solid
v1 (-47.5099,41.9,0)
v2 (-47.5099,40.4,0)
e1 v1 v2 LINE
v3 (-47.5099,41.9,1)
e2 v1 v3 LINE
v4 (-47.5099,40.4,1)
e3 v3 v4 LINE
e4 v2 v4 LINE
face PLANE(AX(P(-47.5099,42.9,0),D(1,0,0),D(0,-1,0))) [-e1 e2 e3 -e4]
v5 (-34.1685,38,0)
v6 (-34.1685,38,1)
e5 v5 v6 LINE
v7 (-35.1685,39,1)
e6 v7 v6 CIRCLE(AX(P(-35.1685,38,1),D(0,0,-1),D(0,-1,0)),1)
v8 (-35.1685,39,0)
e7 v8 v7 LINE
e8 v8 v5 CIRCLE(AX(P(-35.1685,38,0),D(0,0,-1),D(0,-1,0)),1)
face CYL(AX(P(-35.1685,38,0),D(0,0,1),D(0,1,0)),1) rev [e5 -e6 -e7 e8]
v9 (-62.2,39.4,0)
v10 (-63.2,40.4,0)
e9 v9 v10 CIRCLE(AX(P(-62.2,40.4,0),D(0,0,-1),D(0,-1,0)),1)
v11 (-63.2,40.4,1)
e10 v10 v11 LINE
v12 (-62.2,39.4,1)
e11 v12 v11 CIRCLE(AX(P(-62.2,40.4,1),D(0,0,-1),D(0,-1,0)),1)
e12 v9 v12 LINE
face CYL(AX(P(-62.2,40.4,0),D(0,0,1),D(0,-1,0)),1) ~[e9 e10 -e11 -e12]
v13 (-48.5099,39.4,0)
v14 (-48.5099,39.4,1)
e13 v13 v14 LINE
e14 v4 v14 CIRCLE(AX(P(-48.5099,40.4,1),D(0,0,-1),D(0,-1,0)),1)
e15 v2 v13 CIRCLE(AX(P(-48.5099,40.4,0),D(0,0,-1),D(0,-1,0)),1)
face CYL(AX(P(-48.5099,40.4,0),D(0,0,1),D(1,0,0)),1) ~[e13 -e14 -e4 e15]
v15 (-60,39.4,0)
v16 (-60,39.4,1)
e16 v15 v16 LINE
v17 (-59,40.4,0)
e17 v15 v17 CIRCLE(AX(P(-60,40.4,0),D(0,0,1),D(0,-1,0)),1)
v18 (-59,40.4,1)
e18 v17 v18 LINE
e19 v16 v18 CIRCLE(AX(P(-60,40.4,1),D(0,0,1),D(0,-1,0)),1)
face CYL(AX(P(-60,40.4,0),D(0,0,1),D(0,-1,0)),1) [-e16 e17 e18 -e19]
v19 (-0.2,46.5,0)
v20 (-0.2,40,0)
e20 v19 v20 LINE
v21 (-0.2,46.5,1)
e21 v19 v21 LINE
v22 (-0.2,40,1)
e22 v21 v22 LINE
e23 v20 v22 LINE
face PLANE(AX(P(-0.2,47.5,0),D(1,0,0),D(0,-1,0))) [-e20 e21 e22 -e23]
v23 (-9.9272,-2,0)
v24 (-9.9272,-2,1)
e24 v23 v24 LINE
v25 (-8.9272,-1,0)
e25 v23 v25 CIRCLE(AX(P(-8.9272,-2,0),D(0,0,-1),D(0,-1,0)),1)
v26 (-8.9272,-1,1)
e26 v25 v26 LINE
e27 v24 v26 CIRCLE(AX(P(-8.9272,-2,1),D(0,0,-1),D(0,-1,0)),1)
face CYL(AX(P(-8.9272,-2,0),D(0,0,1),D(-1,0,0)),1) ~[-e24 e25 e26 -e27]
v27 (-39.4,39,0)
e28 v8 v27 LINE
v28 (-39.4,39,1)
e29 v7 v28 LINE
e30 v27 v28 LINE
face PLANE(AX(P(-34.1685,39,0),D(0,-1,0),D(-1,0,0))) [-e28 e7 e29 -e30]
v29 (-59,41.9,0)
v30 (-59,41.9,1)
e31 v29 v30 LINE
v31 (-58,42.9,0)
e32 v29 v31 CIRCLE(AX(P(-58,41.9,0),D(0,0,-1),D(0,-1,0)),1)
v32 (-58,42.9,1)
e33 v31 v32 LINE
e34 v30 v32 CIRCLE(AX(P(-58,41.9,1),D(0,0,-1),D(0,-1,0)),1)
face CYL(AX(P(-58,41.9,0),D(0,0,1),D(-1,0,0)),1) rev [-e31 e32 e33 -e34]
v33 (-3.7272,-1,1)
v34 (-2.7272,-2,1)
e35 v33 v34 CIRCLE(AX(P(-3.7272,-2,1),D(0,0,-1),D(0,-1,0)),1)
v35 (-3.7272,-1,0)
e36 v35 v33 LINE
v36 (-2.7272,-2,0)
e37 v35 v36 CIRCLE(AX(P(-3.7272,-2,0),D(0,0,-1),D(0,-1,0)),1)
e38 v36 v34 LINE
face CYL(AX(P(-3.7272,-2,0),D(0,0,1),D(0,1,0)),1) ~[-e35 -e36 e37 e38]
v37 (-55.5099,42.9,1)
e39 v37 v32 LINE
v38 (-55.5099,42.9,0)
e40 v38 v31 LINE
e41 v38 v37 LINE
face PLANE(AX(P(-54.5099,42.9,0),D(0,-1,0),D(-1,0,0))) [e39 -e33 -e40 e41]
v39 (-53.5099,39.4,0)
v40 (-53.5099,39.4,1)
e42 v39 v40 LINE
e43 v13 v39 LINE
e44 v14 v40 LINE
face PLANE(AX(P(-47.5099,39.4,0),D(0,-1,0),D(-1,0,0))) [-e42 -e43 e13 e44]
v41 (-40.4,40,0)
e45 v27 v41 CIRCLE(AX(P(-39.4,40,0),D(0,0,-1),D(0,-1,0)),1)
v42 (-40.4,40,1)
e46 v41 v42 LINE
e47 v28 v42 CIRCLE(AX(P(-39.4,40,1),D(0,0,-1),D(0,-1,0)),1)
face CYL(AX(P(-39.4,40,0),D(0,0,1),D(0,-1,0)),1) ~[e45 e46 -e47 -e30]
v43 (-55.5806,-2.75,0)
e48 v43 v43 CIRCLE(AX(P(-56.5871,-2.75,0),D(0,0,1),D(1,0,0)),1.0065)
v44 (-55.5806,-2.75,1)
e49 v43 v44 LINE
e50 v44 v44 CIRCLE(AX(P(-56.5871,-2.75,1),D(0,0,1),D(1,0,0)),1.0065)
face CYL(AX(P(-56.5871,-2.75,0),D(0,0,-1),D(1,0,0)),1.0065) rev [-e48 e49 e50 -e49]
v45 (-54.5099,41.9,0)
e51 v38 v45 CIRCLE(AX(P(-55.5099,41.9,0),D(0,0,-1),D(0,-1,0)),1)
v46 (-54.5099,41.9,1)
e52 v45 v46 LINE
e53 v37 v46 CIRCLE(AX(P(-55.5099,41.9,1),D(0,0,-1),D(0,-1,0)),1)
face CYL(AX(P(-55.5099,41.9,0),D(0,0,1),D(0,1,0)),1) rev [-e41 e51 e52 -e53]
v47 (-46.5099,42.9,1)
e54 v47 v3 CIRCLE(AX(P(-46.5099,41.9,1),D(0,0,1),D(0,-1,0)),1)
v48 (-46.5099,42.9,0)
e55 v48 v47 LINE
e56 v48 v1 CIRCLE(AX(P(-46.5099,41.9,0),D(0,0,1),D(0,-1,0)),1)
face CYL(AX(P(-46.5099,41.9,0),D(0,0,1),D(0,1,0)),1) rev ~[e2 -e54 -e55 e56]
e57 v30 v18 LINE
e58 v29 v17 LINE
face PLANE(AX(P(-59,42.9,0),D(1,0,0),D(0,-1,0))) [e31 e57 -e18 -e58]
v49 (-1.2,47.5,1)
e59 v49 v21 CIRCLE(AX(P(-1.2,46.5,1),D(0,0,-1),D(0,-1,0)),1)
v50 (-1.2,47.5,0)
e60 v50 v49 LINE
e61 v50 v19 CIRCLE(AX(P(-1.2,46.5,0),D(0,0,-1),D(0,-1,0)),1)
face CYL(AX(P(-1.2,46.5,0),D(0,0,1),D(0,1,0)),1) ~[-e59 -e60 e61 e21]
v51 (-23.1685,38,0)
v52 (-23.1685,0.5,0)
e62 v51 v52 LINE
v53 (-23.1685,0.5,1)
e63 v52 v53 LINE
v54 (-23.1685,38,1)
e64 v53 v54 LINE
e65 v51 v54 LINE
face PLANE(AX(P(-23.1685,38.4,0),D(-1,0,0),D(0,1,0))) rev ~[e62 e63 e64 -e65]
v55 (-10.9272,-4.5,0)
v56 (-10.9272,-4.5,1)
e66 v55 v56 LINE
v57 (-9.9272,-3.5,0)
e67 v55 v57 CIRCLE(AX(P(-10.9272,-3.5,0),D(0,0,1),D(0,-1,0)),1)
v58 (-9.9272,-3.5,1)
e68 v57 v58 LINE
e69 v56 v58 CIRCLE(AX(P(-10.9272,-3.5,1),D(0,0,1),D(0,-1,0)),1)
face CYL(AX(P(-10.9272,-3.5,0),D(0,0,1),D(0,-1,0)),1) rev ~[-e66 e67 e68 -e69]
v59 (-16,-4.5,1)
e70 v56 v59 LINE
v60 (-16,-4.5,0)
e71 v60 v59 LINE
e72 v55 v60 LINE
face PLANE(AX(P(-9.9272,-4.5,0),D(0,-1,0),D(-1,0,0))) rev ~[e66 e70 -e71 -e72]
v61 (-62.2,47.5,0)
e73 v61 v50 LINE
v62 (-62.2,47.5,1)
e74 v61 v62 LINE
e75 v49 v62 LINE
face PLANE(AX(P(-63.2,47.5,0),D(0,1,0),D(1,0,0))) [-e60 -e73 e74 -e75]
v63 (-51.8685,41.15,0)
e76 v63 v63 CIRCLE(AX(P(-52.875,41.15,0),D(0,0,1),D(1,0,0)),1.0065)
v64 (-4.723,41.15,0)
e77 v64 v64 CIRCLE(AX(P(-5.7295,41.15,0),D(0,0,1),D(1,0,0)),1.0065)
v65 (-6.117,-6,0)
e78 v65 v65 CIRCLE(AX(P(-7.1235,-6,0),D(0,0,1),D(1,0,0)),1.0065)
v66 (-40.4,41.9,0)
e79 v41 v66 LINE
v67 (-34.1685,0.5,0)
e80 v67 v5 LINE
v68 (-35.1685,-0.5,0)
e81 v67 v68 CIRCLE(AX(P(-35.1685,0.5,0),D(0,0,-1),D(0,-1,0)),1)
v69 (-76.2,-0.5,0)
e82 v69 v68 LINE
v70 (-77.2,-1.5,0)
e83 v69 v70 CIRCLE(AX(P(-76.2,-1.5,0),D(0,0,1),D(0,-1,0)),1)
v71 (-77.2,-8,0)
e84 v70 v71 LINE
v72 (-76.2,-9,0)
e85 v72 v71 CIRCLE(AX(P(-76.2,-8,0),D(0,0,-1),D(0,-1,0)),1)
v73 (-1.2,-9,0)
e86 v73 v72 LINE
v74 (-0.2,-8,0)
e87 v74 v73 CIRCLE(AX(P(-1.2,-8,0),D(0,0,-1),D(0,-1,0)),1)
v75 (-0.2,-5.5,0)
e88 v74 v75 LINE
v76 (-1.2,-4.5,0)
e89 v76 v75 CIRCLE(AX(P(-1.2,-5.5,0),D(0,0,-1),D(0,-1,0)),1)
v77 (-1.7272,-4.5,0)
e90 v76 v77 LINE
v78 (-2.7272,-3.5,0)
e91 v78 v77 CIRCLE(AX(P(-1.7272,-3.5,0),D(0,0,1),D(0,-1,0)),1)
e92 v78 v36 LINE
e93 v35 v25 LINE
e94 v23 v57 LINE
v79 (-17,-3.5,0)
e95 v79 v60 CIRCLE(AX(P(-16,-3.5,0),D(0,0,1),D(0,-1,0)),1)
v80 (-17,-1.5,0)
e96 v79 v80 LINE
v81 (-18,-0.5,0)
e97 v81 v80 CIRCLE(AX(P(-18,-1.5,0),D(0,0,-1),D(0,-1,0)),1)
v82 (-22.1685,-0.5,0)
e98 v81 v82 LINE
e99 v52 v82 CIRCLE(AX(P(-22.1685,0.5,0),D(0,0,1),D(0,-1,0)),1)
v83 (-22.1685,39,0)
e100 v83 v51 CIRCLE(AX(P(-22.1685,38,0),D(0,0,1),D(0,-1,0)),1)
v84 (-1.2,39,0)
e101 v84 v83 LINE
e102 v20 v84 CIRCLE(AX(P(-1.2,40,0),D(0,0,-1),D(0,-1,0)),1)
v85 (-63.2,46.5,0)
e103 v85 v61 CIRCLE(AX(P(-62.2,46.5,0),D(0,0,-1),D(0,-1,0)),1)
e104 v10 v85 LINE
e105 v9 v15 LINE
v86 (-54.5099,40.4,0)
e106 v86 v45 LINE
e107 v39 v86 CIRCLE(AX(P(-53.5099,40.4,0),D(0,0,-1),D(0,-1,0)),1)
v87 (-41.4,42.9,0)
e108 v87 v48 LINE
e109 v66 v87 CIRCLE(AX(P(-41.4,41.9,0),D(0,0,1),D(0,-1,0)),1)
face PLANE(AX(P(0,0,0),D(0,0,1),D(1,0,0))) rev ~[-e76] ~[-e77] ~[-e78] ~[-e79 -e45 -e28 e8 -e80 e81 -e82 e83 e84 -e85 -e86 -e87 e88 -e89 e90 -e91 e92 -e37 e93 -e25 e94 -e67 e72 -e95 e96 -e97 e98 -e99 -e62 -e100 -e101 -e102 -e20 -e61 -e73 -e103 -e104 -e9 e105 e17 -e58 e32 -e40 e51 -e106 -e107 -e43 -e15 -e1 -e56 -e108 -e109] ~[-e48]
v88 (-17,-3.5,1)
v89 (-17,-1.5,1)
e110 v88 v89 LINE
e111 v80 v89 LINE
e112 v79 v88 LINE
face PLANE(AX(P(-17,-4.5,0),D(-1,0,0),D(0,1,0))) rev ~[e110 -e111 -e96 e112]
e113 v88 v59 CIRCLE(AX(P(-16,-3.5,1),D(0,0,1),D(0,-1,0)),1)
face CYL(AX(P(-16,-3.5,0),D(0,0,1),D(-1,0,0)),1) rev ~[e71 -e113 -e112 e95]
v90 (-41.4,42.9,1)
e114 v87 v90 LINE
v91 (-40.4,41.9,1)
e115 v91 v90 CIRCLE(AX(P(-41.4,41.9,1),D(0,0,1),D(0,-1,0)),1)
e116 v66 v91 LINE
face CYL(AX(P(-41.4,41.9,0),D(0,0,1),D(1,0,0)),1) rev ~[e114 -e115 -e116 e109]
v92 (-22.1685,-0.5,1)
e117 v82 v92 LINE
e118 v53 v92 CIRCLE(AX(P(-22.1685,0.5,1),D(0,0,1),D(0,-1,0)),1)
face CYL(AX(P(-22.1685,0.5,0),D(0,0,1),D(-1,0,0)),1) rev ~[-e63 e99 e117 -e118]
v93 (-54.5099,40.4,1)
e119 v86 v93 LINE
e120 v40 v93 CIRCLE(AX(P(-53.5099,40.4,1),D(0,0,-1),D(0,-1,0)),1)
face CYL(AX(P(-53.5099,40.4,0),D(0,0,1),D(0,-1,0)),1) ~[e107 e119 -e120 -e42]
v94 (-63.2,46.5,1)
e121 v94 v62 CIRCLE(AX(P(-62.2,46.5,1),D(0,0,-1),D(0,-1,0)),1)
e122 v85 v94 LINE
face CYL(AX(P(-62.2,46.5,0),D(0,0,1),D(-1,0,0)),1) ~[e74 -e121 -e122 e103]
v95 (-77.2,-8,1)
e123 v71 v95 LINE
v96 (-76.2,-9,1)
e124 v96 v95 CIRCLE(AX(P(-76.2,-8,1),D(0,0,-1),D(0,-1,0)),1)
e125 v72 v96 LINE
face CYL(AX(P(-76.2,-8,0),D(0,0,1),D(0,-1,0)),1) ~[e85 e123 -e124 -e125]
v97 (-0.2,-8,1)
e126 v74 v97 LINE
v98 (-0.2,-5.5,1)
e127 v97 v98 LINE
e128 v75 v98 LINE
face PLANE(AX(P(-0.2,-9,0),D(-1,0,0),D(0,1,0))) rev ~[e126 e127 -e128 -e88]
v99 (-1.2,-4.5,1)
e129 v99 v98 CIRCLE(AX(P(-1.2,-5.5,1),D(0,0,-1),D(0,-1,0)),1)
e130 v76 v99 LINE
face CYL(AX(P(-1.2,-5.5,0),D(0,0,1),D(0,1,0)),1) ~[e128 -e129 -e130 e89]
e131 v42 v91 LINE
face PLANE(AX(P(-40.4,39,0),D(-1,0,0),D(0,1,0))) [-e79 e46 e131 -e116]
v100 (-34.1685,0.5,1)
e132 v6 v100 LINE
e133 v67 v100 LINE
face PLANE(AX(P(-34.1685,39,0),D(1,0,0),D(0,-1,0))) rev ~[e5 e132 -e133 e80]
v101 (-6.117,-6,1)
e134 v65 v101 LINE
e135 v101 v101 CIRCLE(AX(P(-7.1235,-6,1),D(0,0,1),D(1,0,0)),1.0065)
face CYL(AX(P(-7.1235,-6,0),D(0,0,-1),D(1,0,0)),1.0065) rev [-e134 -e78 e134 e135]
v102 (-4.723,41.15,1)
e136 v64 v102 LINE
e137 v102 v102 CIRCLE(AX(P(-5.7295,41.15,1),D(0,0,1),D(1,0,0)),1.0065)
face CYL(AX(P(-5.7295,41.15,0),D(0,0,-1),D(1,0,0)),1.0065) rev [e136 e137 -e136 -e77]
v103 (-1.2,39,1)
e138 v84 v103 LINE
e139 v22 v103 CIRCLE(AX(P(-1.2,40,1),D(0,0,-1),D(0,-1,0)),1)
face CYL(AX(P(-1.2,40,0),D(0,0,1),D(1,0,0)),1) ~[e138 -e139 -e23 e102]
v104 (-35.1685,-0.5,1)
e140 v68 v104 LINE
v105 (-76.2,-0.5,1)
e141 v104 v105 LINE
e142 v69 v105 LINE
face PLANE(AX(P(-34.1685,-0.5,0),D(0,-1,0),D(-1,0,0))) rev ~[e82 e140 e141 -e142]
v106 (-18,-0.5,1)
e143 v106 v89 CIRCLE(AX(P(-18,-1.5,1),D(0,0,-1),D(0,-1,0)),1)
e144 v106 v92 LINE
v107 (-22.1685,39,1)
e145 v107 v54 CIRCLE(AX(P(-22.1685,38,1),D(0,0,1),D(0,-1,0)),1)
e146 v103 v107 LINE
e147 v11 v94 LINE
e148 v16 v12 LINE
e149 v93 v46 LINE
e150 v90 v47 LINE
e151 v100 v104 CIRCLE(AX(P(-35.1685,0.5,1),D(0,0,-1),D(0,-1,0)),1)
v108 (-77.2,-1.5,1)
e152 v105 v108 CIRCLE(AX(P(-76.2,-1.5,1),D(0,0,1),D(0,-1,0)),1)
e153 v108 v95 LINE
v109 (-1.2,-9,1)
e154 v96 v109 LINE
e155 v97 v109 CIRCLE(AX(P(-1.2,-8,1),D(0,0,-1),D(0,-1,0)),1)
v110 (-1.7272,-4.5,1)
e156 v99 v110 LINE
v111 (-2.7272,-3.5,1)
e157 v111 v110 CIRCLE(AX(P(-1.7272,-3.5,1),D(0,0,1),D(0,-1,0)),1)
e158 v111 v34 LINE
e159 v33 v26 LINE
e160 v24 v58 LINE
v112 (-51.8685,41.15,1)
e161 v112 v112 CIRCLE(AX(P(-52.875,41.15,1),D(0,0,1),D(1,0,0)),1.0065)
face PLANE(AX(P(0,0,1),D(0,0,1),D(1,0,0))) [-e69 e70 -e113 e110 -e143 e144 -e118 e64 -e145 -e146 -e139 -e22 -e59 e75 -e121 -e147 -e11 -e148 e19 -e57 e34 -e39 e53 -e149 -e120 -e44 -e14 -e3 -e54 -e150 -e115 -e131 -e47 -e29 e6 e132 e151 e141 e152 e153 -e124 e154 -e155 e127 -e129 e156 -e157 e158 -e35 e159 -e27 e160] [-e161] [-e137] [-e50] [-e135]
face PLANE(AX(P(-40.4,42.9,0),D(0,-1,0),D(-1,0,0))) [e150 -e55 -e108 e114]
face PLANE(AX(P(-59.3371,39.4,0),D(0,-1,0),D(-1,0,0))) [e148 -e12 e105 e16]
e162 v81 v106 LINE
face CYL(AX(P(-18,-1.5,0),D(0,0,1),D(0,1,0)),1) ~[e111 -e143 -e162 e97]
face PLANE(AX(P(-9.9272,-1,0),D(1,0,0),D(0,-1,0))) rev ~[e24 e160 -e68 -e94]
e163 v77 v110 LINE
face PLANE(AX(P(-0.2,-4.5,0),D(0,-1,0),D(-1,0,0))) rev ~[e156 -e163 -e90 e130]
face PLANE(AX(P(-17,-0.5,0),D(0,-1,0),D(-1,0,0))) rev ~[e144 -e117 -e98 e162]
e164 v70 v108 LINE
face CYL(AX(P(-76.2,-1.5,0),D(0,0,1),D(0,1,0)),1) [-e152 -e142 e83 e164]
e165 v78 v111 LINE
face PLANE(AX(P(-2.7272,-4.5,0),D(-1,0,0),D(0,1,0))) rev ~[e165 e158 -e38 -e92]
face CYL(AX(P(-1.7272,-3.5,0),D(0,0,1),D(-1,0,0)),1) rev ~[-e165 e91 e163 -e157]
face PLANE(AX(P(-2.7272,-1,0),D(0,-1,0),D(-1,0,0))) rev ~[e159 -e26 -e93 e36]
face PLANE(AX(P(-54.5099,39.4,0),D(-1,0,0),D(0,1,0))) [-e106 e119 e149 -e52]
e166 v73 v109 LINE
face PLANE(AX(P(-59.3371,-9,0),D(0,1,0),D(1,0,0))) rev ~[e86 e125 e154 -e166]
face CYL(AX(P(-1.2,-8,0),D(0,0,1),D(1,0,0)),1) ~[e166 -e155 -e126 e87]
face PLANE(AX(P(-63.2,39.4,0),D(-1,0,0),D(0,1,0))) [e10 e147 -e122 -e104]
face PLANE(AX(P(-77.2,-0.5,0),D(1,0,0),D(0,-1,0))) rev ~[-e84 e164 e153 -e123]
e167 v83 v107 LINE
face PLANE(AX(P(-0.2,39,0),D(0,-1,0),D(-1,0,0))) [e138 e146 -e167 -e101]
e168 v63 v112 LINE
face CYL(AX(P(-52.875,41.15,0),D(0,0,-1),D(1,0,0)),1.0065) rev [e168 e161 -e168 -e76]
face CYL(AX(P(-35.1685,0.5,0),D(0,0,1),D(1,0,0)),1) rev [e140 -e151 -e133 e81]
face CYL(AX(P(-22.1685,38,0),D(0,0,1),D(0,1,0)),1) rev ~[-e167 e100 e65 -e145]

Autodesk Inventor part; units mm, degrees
ref_plane "YZ Plane" through (0, 0, 0) normal (1, 0, 0) x (0, 1, 0)
ref_plane "XZ Plane" through (0, 0, 0) normal (0, 1, 0) x (-1, 0, 0)
ref_plane "XY Plane" through (0, 0, 0) normal (0, 0, 1) x (1, 0, 0)
sketch "Sketch1" plane through (0, 0, 0) normal (0, 0, 1) x (1, 0, 0)
  circle A0 centre (-5.7295, 41.15) radius 1.0065 projected
  circle A1 centre (-52.875, 41.15) radius 1.0065 projected
  line L0 (-57.9354, 38.4) -> (-57.9354, 42.4) projected
  line L1 (-57.9354, 42.4) -> (-55.625, 42.4) projected
  line L2 (-55.625, 42.4) -> (-55.625, 38.4) projected
  line L3 (-55.625, 38.4) -> (-46.3947, 38.4) projected
  line L4 (-46.3947, 38.4) -> (-46.3947, 42.4) projected
  line L5 (-46.3947, 42.4) -> (-41.4006, 42.4) projected
  line L6 (-41.4006, 42.4) -> (-41.4006, 38.4) projected
  line L7 (-41.4006, 38.4) -> (0, 38.4) projected
  line L8 (0, 38.4) -> (0, 47.7) projected
  line L9 (0, 47.7) -> (-59.3371, 47.7) projected
  line L10 (-59.3371, 38.4) -> (-59.3371, 47.7) projected
  line L11 (-59.3371, 38.4) -> (-57.9354, 38.4) projected
  circle A2 centre (-56.5871, -2.75) radius 1.0065 projected
  circle A3 centre (-7.1235, -6) radius 1.0065 projected
  line L12 (-15.9365, -4) -> (-15.9365, 0) projected
  line L13 (-59.3371, 0) -> (-15.9365, 0) projected
  line L14 (-59.3371, 0) -> (-59.3371, -9.3) projected
  line L15 (-59.3371, -9.3) -> (0, -9.3) projected
  line L16 (0, -4) -> (0, -9.3) projected
  line L17 (0, -4) -> (-1.712, -4) projected
  line L18 (-1.712, -4) -> (-1.712, 0) projected
  line L19 (-10.9424, 0) -> (-1.712, 0) projected
  line L20 (-10.9424, 0) -> (-10.9424, -4) projected
  line L21 (-10.9424, -4) -> (-15.9365, -4) projected
  line L22 (-77.2, -9) -> (-65.2, -9)
  line L23 (-65.2, -9) -> (-65.2, 11)
  line L24 (-65.2, 11) -> (-77.2, 11)
  line L25 (-77.2, 11) -> (-77.2, -9)
  line L26 (-77.2, -9) -> (-0.2, -9)
  line L27 (-0.2, -9) -> (-0.2, -4.5)
  line L28 (-0.2, -4.5) -> (-2.7272, -4.5)
  line L29 (-2.7272, -4.5) -> (-2.7272, -1)
  line L30 (-2.7272, -1) -> (-9.9272, -1)
  line L31 (-9.9272, -1) -> (-9.9272, -4.5)
  line L32 (-9.9272, -4.5) -> (-17, -4.5)
  line L33 (-17, -4.5) -> (-17, -0.5)
  line L34 (-17, -0.5) -> (-77.2, -0.5)
  line L35 (-61.3371, -12.3) -> (-59.4157, -12.3) projected
  line L36 (-59.4157, -12.3) -> (-59.3371, -12.3) projected
  line L37 (-59.3371, 0) -> (-59.3371, -12.3) projected
  line L38 (-59.3371, 0) -> (-63.3371, 0) projected
  line L39 (-63.3371, 0) -> (-63.3371, -6.8) projected
  line L40 (-63.3371, -6.8) -> (-63.3371, -14.3) projected
  arc A4 (-61.3371, -12.3) -> (-63.3371, -14.3) centre (-61.3371, -14.3) ccw projected
  line L41 (-59.3371, 50.7) -> (-59.4157, 50.7) projected
  line L42 (-59.4157, 50.7) -> (-61.3371, 50.7) projected
  arc A5 (-63.3371, 52.7) -> (-61.3371, 50.7) centre (-61.3371, 52.7) ccw projected
  line L43 (-63.3371, 44.7) -> (-63.3371, 52.7) projected
  line L44 (-63.3371, 38.4) -> (-63.3371, 44.7) projected
  line L45 (-63.3371, 38.4) -> (-59.3371, 38.4) projected
  line L46 (-59.3371, 38.4) -> (-59.3371, 50.7) projected
  line L47 (-63.2, 47.5) -> (-0.2, 47.5)
  line L48 (-0.2, 47.5) -> (-0.2, 39)
  line L49 (-63.2, 39.4) -> (-63.2, 47.5)
  line L50 (6.5, 33.15) -> (-22.9, 33.15) projected
  line L51 (-34.4371, 33.15) -> (-63.8371, 33.15) projected
  line L52 (-34.4371, 5.25) -> (-63.8371, 5.25) projected
  line L53 (6.5, 5.25) -> (-22.9, 5.25) projected
  line L54 (-0.2, 39) -> (-40.4, 39)
  line L55 (-40.4, 39) -> (-40.4, 42.9)
  line L56 (-40.4, 42.9) -> (-47.5099, 42.9)
  line L57 (-47.5099, 42.9) -> (-47.5099, 39.4)
  line L58 (-47.5099, 39.4) -> (-54.5099, 39.4)
  line L59 (-54.5099, 39.4) -> (-54.5099, 42.9)
  line L60 (-54.5099, 42.9) -> (-59, 42.9)
  line L61 (-59, 42.9) -> (-59, 39.4)
  line L62 (-59, 39.4) -> (-63.2, 39.4)
  line L63 (-23.1685, -0.5) -> (-23.1685, 7.5)
  line L64 (-23.1685, 7.5) -> (-23.1685, 7.5)
  line L65 (-23.1685, 7.5) -> (-23.1685, 32.15)
  line L66 (-23.1685, 32.15) -> (-23.1685, 32.15)
  line L67 (-23.1685, 32.15) -> (-23.1685, 39)
  line L68 (-34.1685, 39) -> (-34.1685, 31)
  line L69 (-34.1685, 31) -> (-34.1685, 31)
  line L70 (-34.1685, 31) -> (-34.1685, -0.5)
  point P0 (0, 0)
  point P1 (-23.1685, 38.4)
  point P2 (-34.1685, 38.4)
  dimension "d0" = 12
  dimension "d1" = 20
  dimension "d3" = 0.3
  dimension "d4" = 8.5
  dimension "d5" = 0.5
  dimension "d6" = 4.5
  dimension "d7" = 0.5
  dimension "d8" = 8
  dimension "d9" = 1
  dimension "d10" = 7.2
  dimension "d11" = 1.0152
  dimension "d12" = 1.0152
  dimension "d14" = 0.2
  dimension "d15" = 77
  dimension "d16" = 60.2
  dimension "d17" = 1.0635
  dimension "d18" = 0.2
  dimension "d19" = 0.2
  dimension "d21" = 63
  dimension "d23" = 8.5
  dimension "d24" = 1
  dimension "d25" = 0.5
  dimension "d27" = 4.2
  dimension "d28" = 1.0646
  dimension "d29" = 1.1152
  dimension "d30" = 1.1152
  dimension "d31" = 7
  dimension "d32" = 8.1
  dimension "d33" = 1.0006
  dimension "d34" = 40.2
  dimension "d35" = 8
  dimension "d36" = 8
  dimension "d38" = 0.2685
  dimension "d39" = 0.2685
  dimension "d40" = 11
  dimension "d41" = 0.2685
  dimension "d42" = 0.2685
  dimension "d43" = 1
  dimension "d44" = 0.2685
extrude "Extrusion1" add sketch "Sketch1" along normal blind 1 contours L62 L49 L47 L10 | L10 L47 L48 L54 L55 L56 L57 L58 L59 L60 L61 L62 | L67 L7 L68 L54 | L67 L65 L63 L13 L70 L68 L7 | L13 L63 L34 L70 | L34 L33 L32 L31 L30 L29 L28 L27 L26 L14 | L14 L26 L40 L39 L34 | L39 L40 L26 L23 L34 | L23 L22 L25 L34
fillet "Fillet1" radius 1 26 edges at (-23.1685, 39, 0.5) (-23.1685, -0.5, 0.5) (-17, -0.5, 0.5) (-17, -4.5, 0.5) (-2.7272, -1, 0.5) (-9.9272, -1, 0.5) (-9.9272, -4.5, 0.5) (-2.7272, -4.5, 0.5) (-0.2, -4.5, 0.5) (-0.2, -9, 0.5) (-77.2, -9, 0.5) (-77.2, -0.5, 0.5) (-34.1685, -0.5, 0.5) (-34.1685, 39, 0.5) (-40.4, 39, 0.5) (-40.4, 42.9, 0.5) (-47.5099, 42.9, 0.5) (-47.5099, 39.4, 0.5) (-54.5099, 39.4, 0.5) (-54.5099, 42.9, 0.5) (-59, 42.9, 0.5) (-59, 39.4, 0.5) (-63.2, 39.4, 0.5) (-63.2, 47.5, 0.5) (-0.2, 47.5, 0.5) (-0.2, 39, 0.5)
equation "\"d11\" = d12"
equation "\"d23\" = d4"
equation "\"d25\" = d7"
equation "\"d30\" = d29"
equation "\"d36\" = d35"
equation "\"d39\" = d38"
equation "\"d41\" = d38"
equation "\"d42\" = d39"
equation "\"d44\" = d38"
properties part number "PCB_interface_v2"
